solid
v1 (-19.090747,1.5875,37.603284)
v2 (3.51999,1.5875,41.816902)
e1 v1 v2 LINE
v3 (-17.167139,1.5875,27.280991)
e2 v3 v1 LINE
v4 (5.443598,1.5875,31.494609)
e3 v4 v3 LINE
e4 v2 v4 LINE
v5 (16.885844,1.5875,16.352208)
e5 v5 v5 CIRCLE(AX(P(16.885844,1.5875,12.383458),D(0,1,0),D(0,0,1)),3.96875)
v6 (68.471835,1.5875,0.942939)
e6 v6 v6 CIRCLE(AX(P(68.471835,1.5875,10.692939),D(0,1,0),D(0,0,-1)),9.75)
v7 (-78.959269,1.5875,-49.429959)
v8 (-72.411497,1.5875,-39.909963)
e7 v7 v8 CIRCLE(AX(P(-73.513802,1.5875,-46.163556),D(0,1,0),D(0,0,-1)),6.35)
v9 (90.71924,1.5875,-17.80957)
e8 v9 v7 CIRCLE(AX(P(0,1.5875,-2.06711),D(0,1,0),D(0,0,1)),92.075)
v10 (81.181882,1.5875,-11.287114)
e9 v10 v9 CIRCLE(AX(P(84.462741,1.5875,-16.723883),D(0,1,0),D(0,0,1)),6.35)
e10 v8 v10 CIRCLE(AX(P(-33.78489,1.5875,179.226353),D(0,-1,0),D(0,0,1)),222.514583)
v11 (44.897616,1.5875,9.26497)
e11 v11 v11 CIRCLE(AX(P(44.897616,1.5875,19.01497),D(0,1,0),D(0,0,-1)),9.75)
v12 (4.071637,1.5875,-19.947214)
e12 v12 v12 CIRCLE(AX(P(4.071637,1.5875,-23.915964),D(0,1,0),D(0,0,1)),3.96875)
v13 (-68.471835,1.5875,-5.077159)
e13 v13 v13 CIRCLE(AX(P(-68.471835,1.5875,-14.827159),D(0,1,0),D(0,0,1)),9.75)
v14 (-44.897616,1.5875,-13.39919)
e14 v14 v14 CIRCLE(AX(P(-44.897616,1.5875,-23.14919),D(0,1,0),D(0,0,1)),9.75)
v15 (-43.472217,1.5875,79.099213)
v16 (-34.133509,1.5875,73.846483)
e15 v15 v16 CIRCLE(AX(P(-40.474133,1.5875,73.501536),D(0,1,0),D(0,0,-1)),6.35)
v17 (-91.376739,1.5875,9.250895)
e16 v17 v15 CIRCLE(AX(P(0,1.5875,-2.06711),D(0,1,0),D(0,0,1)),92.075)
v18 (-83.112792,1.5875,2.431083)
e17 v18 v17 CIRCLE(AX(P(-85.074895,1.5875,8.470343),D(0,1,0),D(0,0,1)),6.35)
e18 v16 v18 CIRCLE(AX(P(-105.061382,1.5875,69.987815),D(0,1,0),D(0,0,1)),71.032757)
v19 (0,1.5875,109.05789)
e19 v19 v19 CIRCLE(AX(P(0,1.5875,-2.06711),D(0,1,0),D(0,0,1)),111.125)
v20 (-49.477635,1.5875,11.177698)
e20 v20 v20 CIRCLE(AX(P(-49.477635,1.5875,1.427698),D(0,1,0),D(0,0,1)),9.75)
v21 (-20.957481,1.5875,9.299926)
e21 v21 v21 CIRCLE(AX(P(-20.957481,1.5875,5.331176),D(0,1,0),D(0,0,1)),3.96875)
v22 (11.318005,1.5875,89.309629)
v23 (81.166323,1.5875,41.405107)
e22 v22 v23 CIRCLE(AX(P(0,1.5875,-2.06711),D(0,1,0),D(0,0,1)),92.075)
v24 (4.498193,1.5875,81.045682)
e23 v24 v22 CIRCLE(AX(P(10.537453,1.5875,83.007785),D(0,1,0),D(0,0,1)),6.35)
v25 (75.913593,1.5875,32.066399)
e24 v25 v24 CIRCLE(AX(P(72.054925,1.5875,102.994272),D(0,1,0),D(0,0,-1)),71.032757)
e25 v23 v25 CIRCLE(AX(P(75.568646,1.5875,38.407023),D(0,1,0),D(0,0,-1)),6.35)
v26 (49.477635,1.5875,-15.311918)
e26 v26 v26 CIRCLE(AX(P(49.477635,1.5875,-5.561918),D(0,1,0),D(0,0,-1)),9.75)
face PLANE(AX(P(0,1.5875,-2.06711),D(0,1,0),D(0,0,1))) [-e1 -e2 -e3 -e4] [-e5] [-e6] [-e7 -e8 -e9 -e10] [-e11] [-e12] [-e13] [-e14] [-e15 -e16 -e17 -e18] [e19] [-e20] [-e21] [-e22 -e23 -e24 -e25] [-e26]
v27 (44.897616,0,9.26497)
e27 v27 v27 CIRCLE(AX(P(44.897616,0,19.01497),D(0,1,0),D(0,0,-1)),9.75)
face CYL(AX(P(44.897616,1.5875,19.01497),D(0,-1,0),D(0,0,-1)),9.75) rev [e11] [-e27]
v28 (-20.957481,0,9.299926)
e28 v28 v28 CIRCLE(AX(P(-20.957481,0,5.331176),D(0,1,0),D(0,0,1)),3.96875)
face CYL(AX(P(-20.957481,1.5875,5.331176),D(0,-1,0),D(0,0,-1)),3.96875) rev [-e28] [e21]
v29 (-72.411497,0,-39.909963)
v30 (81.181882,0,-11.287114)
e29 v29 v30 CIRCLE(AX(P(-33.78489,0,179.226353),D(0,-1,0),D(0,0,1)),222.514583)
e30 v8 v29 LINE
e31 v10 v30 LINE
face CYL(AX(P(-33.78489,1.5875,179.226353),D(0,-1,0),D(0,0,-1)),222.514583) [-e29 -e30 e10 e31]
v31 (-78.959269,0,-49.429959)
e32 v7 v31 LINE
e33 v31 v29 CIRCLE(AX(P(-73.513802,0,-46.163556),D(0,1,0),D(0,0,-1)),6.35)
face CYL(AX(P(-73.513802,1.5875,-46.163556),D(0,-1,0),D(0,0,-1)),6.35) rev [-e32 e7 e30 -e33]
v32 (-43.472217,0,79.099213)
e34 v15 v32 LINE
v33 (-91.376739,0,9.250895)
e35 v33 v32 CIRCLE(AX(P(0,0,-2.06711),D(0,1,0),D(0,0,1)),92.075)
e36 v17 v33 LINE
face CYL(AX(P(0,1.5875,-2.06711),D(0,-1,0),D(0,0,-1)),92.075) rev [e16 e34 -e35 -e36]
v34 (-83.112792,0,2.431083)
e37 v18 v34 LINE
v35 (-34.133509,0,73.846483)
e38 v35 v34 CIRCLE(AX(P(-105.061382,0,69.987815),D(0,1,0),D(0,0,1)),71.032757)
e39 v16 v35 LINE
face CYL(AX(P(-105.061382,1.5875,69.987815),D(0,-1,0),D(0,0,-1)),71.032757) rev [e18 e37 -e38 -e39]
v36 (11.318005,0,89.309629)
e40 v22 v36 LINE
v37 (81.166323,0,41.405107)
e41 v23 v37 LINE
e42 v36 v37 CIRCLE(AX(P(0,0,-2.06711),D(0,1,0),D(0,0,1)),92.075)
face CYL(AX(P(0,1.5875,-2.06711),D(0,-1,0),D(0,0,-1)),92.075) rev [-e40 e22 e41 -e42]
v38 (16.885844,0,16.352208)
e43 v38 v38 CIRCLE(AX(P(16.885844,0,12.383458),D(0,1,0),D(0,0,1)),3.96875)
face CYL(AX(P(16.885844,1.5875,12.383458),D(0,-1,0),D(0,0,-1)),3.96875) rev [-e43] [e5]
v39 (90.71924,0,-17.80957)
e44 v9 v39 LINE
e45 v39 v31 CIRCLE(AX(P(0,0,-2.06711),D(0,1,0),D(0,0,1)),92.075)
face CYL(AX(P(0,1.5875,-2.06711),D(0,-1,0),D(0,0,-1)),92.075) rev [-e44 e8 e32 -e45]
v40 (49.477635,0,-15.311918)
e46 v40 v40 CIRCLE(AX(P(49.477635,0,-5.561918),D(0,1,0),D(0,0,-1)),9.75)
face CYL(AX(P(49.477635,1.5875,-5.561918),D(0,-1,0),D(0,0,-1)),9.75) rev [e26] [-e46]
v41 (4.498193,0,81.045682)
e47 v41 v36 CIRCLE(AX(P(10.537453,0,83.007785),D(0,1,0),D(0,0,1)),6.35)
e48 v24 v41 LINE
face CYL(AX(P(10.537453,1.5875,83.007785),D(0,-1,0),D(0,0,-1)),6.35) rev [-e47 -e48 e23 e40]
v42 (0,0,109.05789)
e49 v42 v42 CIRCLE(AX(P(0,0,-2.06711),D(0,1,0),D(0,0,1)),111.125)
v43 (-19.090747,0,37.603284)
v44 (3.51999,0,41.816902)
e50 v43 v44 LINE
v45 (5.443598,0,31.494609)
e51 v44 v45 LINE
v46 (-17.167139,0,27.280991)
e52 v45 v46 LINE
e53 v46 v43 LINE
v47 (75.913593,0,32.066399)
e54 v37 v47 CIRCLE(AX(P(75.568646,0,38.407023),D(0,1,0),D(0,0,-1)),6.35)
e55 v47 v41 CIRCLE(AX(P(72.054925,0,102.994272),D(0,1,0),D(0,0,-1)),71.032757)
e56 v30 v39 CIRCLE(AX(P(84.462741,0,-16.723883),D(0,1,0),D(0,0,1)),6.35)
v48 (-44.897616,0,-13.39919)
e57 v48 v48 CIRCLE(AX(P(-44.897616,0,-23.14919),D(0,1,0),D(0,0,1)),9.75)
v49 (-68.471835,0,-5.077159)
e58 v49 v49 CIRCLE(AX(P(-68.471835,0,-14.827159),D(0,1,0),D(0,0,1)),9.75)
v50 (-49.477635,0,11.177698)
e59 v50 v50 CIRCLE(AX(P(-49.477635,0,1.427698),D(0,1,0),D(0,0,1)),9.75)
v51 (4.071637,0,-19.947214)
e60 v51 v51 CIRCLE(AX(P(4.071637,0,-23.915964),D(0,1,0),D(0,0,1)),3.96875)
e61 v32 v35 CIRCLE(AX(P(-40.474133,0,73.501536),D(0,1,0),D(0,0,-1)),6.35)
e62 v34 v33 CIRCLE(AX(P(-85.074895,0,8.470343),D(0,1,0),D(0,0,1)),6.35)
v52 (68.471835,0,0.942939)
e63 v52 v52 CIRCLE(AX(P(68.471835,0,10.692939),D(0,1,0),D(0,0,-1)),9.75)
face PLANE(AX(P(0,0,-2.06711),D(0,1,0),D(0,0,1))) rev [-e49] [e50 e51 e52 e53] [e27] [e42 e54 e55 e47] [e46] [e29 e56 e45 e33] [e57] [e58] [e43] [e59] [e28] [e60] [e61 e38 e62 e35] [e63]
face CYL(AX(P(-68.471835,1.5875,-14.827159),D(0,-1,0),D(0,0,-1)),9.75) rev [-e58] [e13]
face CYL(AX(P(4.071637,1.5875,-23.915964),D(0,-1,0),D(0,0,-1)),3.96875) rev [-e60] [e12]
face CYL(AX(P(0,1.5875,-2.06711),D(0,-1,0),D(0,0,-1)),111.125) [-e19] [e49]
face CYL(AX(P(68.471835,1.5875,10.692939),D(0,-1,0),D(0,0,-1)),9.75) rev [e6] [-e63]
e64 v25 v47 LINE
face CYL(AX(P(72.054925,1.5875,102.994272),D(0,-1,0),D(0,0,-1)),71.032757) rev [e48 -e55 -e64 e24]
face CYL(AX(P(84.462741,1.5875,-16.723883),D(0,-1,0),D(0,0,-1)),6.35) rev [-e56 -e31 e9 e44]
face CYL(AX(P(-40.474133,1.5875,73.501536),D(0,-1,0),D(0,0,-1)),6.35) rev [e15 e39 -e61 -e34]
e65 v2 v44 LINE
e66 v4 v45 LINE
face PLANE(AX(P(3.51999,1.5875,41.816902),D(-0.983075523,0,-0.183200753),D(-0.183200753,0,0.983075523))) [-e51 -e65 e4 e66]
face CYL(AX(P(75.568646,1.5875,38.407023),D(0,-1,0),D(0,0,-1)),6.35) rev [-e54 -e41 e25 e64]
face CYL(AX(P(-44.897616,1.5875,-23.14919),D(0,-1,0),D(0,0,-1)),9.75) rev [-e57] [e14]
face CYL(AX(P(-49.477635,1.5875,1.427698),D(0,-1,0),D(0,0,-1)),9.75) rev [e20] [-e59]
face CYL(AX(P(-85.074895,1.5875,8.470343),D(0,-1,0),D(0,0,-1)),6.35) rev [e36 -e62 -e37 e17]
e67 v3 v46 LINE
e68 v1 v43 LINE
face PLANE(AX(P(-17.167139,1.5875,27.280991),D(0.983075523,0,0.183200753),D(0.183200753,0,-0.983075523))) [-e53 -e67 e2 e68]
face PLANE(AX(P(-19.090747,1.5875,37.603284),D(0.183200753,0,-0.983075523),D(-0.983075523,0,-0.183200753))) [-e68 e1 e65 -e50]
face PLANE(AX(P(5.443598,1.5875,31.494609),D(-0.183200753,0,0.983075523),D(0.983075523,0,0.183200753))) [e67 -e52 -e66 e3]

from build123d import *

# Parameters (mm, degrees)
SKETCH1_R           = 111.125
SKETCH1_R_2         = 3.96875
SKETCH1_R_3         = 9.75
BOSS_EXTRUDE1_DEPTH = 1.5875


with BuildPart() as part:
    # Sketch1 → Boss-Extrude1 (new body)
    with BuildSketch(Plane(origin=(0, 0, 0), x_dir=(1, 0, 0), z_dir=(0, 1, 0))):
        with Locations((0, 2.067110037)):
            Circle(SKETCH1_R)
        with Locations((4.071636725, 23.915963539)):
            Circle(SKETCH1_R_2, mode=Mode.SUBTRACT)
        with Locations((-20.957480539, -5.331175876)):
            Circle(SKETCH1_R_2, mode=Mode.SUBTRACT)
        with Locations((16.885843815, -12.383457553)):
            Circle(SKETCH1_R_2, mode=Mode.SUBTRACT)
        with Locations((-44.897615706, 23.149190197)):
            Circle(SKETCH1_R_3, mode=Mode.SUBTRACT)
        with Locations((-49.477634519, -1.427697882)):
            Circle(SKETCH1_R_3, mode=Mode.SUBTRACT)
        with Locations((-68.471834536, 14.827158799)):
            Circle(SKETCH1_R_3, mode=Mode.SUBTRACT)
        with Locations((68.471834536, -10.692938726)):
            Circle(SKETCH1_R_3, mode=Mode.SUBTRACT)
        with Locations((44.897615706, -19.014970124)):
            Circle(SKETCH1_R_3, mode=Mode.SUBTRACT)
        with Locations((49.477634519, 5.561917956)):
            Circle(SKETCH1_R_3, mode=Mode.SUBTRACT)
        Polygon((3.519990025, -41.816901652), (5.443597926, -31.494608658), (-17.167139107, -27.28099135), (-19.090747008, -37.603284344), align=None, mode=Mode.SUBTRACT)
        with BuildLine():
            ThreePointArc((90.719240331, 17.809570412), (16.868209288, 92.583788834), (-78.959268715, 49.429959498))
            ThreePointArc((-78.959268715, 49.429959498), (-78.745756198, 42.56506275), (-72.411496849, 39.909963234))
            ThreePointArc((-72.411496849, 39.909963234), (6.979948671, 39.52228747), (81.18188186, 11.287113924))
            ThreePointArc((81.18188186, 11.287113924), (88.04732163, 11.482387358), (90.719240331, 17.809570412))
        make_face(mode=Mode.SUBTRACT)
        with BuildLine():
            ThreePointArc((-34.133508794, -73.846482708), (-46.481955973, -29.811909239), (-83.112792301, -2.431083134))
            ThreePointArc((-83.112792301, -2.431083134), (-89.116651342, -3.572720267), (-91.376738817, -9.250894562))
            ThreePointArc((-91.376738817, -9.250894562), (-75.932582562, -50.010222177), (-43.472216603, -79.099213082))
            ThreePointArc((-43.472216603, -79.099213082), (-37.361105633, -79.036114425), (-34.133508794, -73.846482708))
        make_face(mode=Mode.SUBTRACT)
        with BuildLine():
            ThreePointArc((4.498193171, -81.045682265), (31.879019276, -44.414845936), (75.913592744, -32.066398757))
            ThreePointArc((75.913592744, -32.066398757), (81.103224462, -35.293995597), (81.166323119, -41.405106566))
            ThreePointArc((81.166323119, -41.405106566), (52.077332214, -73.865472525), (11.318004599, -89.309628781))
            ThreePointArc((11.318004599, -89.309628781), (5.639830304, -87.049541305), (4.498193171, -81.045682265))
        make_face(mode=Mode.SUBTRACT)
    extrude(amount=BOSS_EXTRUDE1_DEPTH)


solid = part.part
